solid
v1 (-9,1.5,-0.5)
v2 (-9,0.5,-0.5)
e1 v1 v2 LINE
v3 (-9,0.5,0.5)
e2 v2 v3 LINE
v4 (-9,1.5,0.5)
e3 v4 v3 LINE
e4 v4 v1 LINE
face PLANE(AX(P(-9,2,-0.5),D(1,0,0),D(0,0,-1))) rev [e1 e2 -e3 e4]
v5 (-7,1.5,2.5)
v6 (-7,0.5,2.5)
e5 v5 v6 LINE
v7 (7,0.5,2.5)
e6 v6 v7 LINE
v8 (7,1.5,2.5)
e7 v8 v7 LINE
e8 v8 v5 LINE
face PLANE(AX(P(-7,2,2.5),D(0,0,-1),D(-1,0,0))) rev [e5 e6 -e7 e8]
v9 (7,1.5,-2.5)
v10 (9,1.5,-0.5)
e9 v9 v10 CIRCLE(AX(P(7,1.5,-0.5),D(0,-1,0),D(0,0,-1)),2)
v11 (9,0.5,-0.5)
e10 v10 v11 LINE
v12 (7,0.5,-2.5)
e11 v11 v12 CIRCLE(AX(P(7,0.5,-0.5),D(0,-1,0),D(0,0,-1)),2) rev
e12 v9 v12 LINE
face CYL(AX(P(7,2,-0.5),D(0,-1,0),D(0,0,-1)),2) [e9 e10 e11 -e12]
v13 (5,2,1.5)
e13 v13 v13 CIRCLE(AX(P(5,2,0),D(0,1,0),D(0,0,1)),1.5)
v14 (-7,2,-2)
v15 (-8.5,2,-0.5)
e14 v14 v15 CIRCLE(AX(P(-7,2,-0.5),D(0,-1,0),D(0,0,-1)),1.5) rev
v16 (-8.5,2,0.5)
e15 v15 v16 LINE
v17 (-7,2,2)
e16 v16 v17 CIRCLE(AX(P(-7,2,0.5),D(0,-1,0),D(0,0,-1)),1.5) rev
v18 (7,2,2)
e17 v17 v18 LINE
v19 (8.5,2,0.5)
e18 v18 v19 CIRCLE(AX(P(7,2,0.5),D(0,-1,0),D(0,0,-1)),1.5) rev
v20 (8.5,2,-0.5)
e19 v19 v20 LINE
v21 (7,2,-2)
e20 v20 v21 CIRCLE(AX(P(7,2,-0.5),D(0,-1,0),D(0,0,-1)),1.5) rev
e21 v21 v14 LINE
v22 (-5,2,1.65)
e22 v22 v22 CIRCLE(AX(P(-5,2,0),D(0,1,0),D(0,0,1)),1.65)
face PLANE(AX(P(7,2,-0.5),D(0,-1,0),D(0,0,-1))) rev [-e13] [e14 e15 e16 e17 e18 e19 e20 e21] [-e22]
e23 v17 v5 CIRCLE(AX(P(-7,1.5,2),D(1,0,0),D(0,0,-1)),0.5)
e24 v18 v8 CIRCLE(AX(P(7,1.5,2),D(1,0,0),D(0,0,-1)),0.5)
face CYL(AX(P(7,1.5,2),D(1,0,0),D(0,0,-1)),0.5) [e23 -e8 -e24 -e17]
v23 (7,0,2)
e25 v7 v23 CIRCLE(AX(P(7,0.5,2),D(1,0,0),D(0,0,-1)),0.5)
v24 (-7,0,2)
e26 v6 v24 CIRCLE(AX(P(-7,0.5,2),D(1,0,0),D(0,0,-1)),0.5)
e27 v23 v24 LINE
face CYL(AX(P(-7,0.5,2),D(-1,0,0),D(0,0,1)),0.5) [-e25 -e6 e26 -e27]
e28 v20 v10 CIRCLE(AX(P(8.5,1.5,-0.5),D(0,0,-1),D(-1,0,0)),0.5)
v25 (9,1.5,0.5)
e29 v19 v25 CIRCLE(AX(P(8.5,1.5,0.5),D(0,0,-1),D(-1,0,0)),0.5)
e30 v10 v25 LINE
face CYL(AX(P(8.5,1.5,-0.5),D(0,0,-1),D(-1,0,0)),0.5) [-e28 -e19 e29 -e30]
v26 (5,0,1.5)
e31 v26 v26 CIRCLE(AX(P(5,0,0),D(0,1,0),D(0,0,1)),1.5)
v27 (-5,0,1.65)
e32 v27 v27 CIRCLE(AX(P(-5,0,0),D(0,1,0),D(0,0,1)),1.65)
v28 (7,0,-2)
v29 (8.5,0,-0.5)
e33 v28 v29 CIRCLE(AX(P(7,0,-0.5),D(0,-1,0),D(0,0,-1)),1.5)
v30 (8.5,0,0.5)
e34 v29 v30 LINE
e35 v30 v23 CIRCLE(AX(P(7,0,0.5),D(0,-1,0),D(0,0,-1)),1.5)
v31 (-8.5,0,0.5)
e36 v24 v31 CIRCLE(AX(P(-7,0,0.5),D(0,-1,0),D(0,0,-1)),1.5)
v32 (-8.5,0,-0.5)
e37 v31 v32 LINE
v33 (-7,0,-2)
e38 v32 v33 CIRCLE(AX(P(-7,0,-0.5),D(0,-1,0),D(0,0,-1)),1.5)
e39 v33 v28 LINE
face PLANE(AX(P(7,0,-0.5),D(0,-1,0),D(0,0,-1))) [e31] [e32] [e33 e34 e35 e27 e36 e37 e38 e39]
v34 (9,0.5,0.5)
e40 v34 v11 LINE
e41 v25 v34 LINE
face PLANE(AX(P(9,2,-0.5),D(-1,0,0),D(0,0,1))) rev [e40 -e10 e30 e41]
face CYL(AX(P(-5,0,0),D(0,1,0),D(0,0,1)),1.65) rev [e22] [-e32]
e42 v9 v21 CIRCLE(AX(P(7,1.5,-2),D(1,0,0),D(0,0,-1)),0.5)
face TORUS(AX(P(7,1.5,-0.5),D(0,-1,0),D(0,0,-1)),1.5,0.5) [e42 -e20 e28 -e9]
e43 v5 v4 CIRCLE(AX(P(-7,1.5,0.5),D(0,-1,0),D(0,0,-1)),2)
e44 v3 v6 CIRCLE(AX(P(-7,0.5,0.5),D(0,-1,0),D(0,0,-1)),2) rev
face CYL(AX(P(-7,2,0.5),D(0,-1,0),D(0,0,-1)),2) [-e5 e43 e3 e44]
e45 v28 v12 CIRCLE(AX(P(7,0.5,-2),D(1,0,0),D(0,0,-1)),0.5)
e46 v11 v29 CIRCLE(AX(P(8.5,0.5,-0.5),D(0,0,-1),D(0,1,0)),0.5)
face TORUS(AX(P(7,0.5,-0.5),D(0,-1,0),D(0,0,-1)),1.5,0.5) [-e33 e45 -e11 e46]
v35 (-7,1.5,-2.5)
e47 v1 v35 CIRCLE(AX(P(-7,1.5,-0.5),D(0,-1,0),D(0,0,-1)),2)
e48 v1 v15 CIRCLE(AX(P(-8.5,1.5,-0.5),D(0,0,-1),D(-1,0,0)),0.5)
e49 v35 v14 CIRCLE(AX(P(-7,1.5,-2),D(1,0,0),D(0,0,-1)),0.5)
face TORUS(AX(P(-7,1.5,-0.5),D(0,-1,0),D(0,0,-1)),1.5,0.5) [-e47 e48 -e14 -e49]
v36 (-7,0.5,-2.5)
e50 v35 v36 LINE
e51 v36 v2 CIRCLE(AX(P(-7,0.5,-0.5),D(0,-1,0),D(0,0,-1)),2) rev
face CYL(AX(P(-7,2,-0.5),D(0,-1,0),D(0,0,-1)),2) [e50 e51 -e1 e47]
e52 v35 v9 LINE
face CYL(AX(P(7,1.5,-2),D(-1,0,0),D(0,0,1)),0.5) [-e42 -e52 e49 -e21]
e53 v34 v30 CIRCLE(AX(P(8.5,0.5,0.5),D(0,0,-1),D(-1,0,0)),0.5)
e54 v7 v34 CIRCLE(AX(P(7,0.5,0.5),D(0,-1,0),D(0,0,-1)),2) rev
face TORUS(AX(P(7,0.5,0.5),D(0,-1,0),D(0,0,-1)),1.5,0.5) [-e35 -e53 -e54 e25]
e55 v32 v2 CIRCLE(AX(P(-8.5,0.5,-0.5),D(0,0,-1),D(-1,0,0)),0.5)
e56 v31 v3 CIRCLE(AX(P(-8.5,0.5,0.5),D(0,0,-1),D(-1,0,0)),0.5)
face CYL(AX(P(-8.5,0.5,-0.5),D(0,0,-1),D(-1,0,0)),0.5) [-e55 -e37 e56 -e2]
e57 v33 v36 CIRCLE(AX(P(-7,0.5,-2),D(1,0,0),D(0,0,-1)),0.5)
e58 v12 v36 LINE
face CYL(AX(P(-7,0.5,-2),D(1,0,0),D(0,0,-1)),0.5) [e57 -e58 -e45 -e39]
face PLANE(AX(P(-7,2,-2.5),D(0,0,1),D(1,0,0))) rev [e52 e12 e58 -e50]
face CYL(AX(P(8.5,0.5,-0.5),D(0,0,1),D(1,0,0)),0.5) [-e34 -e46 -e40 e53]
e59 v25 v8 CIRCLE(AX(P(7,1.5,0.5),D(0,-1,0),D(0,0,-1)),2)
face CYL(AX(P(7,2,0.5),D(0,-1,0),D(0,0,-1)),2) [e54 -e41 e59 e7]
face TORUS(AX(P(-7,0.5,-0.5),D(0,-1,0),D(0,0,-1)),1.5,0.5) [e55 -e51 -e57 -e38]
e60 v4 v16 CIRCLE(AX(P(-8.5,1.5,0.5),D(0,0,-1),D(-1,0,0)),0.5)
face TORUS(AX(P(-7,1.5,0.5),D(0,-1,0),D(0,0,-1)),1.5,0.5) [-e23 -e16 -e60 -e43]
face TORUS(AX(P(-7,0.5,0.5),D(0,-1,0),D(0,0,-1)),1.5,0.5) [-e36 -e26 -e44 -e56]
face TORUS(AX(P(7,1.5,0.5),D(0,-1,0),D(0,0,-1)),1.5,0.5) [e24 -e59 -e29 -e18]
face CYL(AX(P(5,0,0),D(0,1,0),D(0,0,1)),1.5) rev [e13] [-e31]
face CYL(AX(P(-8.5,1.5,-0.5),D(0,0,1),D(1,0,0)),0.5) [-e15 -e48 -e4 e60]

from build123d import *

# Parameters (mm, degrees)
EXTRUDE_1_DEPTH     = 2
SKETCH_3_R          = 1.65
SKETCH_3_R_2        = 1.5
CUT_EXTRUDE_2_DEPTH = 10.552486587
FILLET_1_R          = 0.5


with BuildPart() as part:
    # 草图1 → 凸台-拉伸1 (new body)
    with BuildSketch(Plane(origin=(0, 0, 0), x_dir=(1, 0, 0), z_dir=(0, 1, 0))):
        with BuildLine():
            Line((-7, 2.5), (7, 2.5))
            ThreePointArc((7, 2.5), (8.414213562, 1.914213562), (9, 0.5))
            Line((9, 0.5), (9, -0.5))
            ThreePointArc((9, -0.5), (8.414213562, -1.914213562), (7, -2.5))
            Line((7, -2.5), (-7, -2.5))
            ThreePointArc((-7, -2.5), (-8.414213562, -1.914213562), (-9, -0.5))
            Line((-9, -0.5), (-9, 0.5))
            ThreePointArc((-9, 0.5), (-8.414213562, 1.914213562), (-7, 2.5))
        make_face()
    extrude(amount=EXTRUDE_1_DEPTH)

    # 草图3 → 切除-拉伸2 (cut, through all)
    with BuildSketch(Plane(origin=(0, 2, 0), x_dir=(1, 0, 0), z_dir=(0, 1, 0))):
        with Locations(Location((-5, 0, 0), (0, 0, 270))):
            Circle(SKETCH_3_R)
        with Locations(Location((5, 0, 0), (0, 0, 270))):
            Circle(SKETCH_3_R_2)
    extrude(amount=-CUT_EXTRUDE_2_DEPTH, mode=Mode.SUBTRACT)

    # 圆角1
    fillet_1_edges = [part.edges().sort_by_distance(p)[0] for p in [
        (-9, 0, 0),
        (-8.414213562, 0, -1.914213562),
        (0, 0, -2.5),
        (8.414213562, 0, -1.914213562),
        (-8.414213562, 2, -1.914213562),
        (-9, 2, 0),
        (-8.414213562, 2, 1.914213562),
        (0, 2, 2.5),
        (8.414213562, 2, 1.914213562),
        (9, 2, 0),
        (8.414213562, 2, -1.914213562),
        (9, 0, 0),
        (0, 2, -2.5),
        (8.414213562, 0, 1.914213562),
        (0, 0, 2.5),
        (-8.414213562, 0, 1.914213562),
    ]]
    fillet(fillet_1_edges, radius=FILLET_1_R)


solid = part.part
